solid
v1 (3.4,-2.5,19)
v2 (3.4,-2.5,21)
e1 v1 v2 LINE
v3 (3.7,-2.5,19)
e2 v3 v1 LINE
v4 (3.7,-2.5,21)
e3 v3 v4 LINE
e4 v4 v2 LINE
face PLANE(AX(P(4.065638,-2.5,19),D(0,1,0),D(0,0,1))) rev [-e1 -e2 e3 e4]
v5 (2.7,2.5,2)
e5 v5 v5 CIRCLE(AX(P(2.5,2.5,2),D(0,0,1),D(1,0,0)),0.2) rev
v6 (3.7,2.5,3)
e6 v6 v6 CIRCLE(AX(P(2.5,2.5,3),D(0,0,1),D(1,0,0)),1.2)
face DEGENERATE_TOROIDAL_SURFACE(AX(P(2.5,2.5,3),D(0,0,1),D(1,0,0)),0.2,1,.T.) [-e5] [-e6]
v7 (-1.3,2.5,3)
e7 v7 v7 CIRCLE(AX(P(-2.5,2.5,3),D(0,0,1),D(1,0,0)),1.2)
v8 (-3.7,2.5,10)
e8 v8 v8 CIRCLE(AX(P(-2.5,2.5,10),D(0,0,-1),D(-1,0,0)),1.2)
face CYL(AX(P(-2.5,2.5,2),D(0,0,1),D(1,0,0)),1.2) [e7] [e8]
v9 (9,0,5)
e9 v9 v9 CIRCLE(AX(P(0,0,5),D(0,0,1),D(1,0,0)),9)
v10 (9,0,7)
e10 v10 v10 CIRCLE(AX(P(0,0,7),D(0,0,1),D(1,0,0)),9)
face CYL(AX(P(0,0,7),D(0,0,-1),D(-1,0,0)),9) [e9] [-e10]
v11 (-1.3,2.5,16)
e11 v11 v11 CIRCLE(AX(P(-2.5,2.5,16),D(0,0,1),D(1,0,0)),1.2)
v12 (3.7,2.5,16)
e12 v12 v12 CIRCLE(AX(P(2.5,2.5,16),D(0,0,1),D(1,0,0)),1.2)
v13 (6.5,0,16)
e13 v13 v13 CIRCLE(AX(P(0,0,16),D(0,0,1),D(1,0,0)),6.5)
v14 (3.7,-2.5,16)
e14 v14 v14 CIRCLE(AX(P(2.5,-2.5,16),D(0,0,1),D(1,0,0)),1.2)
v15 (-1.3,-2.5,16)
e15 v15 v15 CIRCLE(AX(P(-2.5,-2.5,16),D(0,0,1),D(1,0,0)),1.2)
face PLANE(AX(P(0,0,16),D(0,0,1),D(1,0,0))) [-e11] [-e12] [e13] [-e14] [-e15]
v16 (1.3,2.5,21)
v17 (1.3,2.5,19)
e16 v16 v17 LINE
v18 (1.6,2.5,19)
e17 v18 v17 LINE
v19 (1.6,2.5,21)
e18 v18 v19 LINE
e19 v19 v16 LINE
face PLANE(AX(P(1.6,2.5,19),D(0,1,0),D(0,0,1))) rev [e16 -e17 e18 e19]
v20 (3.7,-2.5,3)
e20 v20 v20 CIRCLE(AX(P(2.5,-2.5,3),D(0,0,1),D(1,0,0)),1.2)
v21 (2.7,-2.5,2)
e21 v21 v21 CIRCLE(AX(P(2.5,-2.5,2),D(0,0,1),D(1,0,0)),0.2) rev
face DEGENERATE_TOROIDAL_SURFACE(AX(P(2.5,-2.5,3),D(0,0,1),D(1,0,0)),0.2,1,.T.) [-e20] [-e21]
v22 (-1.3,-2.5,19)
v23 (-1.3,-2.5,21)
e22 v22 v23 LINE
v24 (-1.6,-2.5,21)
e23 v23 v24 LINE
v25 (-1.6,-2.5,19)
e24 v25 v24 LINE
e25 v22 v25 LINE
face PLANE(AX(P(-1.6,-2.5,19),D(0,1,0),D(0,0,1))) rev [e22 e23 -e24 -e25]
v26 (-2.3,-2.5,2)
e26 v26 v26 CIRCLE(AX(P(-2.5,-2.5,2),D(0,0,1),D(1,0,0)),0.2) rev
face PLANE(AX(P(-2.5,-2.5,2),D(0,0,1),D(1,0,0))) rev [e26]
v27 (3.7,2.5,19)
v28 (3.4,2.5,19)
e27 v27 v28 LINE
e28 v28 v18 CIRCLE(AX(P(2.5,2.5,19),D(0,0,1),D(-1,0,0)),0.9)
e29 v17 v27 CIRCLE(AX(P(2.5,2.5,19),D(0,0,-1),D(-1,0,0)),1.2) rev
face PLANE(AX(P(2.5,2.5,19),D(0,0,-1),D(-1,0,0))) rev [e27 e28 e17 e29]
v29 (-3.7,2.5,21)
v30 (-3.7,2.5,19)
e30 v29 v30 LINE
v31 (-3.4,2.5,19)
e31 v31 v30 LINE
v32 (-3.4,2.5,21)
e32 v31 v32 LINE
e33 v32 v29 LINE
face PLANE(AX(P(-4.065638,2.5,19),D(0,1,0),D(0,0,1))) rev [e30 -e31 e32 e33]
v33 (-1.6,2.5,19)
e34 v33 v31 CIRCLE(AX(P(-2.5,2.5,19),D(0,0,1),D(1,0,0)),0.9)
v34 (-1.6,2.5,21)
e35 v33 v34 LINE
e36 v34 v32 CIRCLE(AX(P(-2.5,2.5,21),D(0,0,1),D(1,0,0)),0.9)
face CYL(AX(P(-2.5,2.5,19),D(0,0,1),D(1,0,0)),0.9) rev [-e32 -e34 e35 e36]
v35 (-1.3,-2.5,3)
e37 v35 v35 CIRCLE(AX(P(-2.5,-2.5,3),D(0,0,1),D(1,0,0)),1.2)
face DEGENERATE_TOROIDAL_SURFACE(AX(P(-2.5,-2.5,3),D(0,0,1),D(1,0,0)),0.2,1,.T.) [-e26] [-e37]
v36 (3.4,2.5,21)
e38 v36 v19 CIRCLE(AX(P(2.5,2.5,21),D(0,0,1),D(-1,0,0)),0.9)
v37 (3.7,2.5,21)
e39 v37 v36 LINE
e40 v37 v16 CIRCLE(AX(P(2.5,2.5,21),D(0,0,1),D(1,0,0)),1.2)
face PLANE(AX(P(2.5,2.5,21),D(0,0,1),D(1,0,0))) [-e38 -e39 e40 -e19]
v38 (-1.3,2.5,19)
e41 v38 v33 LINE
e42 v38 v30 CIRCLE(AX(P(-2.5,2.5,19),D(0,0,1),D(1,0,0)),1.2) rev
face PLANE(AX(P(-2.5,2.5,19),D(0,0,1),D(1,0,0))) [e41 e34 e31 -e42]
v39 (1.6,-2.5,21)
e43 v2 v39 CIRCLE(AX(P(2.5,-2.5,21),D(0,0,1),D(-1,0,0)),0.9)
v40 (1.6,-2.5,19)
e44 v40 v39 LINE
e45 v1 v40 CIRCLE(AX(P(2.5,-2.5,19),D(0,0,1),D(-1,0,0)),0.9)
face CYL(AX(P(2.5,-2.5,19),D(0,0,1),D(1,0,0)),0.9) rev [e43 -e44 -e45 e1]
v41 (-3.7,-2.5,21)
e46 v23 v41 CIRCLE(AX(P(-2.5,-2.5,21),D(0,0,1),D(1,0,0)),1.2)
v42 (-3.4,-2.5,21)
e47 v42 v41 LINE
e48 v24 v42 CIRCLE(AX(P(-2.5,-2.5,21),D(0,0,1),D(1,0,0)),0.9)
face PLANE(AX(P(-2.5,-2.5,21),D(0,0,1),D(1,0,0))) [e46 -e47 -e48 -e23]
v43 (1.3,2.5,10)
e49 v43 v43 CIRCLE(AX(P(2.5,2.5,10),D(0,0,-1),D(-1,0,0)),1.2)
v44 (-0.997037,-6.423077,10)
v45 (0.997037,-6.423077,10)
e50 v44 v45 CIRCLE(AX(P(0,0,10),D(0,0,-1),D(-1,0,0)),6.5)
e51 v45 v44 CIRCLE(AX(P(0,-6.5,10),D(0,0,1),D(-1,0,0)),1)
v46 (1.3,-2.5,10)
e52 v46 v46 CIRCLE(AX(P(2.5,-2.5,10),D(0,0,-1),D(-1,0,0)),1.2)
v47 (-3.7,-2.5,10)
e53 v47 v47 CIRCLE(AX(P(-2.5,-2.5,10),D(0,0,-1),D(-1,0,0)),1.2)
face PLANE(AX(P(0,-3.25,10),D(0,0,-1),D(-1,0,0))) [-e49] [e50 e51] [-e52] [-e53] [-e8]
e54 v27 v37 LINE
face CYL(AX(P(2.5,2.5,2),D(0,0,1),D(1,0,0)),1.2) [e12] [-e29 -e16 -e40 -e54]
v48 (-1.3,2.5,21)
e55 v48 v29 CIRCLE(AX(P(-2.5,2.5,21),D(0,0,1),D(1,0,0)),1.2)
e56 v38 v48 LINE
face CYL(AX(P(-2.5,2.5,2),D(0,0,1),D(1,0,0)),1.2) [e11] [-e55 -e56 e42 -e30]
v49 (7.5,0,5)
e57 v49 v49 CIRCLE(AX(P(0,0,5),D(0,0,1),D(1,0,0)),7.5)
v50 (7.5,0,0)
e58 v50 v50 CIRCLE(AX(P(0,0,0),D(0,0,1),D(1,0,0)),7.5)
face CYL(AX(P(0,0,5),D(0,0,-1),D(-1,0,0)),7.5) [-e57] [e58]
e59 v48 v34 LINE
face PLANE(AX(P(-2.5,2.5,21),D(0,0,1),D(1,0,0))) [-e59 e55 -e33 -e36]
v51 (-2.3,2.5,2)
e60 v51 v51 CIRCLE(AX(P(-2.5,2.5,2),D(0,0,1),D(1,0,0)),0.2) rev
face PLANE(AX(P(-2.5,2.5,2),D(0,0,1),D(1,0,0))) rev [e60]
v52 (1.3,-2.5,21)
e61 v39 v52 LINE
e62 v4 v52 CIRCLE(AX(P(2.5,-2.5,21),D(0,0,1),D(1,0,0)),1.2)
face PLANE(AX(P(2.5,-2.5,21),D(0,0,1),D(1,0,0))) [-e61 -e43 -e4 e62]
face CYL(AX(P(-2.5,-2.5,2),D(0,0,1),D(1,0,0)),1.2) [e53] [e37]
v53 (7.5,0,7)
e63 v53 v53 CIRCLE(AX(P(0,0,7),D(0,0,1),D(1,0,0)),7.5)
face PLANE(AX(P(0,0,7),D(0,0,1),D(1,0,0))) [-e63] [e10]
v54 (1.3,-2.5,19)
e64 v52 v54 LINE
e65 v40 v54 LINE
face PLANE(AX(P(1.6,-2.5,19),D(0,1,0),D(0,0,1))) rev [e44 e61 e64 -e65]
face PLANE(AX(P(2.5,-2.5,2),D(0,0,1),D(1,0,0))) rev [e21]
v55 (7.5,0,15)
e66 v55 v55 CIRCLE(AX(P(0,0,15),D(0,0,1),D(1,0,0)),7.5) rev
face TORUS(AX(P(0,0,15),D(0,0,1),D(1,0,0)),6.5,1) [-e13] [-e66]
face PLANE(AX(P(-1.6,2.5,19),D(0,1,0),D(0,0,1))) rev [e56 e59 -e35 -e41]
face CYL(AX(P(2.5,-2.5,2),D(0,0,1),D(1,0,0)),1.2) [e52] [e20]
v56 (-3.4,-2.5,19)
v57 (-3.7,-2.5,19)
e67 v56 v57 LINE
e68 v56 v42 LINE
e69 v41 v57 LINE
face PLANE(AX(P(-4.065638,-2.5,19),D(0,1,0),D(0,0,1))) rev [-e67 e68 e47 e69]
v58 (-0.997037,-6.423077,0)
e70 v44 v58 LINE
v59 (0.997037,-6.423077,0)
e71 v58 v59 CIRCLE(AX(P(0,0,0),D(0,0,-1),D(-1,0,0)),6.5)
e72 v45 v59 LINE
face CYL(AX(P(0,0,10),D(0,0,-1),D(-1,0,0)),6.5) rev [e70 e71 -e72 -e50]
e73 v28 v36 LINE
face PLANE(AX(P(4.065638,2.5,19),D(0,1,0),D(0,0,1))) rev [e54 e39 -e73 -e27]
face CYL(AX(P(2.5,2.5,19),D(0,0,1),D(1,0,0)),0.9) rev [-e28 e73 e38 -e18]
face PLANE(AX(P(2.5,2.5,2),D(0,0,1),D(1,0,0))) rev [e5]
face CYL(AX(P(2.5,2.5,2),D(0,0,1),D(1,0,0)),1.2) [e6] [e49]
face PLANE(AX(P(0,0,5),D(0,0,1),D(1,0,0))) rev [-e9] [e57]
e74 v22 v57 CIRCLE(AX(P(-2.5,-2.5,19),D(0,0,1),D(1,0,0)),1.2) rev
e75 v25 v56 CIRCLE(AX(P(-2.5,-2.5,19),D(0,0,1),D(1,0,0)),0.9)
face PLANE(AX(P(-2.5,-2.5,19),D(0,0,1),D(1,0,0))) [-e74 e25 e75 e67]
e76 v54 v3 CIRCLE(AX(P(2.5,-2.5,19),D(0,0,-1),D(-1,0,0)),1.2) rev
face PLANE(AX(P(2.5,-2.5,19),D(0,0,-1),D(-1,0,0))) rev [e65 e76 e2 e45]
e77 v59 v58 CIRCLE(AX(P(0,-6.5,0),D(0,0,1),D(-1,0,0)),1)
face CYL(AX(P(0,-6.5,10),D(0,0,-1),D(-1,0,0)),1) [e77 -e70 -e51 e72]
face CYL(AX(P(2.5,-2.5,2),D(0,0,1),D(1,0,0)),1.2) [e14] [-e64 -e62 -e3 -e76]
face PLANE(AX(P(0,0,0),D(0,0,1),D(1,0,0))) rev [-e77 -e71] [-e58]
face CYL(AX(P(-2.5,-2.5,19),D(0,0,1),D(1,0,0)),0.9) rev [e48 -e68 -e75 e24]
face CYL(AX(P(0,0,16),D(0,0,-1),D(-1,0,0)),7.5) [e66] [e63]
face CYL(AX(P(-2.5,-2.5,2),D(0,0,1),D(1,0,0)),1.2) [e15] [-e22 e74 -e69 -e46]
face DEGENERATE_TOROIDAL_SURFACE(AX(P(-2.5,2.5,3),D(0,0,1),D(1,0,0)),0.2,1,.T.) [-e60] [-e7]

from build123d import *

# Parameters (mm, degrees)
SKETCH_1_R           = 7.5
EXTRUDE_1_DEPTH      = 5
SKETCH_2_R           = 9
EXTRUDE_2_DEPTH      = 2
SKETCH_3_R           = 7.5
EXTRUDE_3_DEPTH      = 9
CUT_EXTRUDE_1_DEPTH  = 10
EXTRUDE_4_DEPTH      = 5
EXTRUDE_4_DEPTH_BACK = 14
SKETCH_4_R           = 1.2
CUT_EXTRUDE_2_DEPTH  = 2
FILLET_1_R           = 1
FILLET_2_R           = 1


with BuildPart() as part:
    # Эскиз1 → Бобышка-Вытянуть1 (new body)
    with BuildSketch(Plane.XY):
        Circle(SKETCH_1_R)
    extrude(amount=EXTRUDE_1_DEPTH)

    # Эскиз2 → Бобышка-Вытянуть2 (add)
    with BuildSketch(Plane.XY.offset(5)):
        Circle(SKETCH_2_R)
    extrude(amount=EXTRUDE_2_DEPTH)

    # Эскиз3 → Бобышка-Вытянуть3 (add)
    with BuildSketch(Plane.XY.offset(7)):
        Circle(SKETCH_3_R)
    extrude(amount=EXTRUDE_3_DEPTH)

    # Эскиз5 → Вырез-Вытянуть1 (cut)
    with BuildSketch(Plane(origin=(0, 0, 0), x_dir=(-1, 0, 0), z_dir=(0, 0, -1))):
        with BuildLine():
            ThreePointArc((0.997037031, -6.423076923), (0, 6.5), (-0.997037031, -6.423076923))
            ThreePointArc((-0.997037031, -6.423076923), (0, -5.5), (0.997037031, -6.423076923))
        make_face()
    extrude(amount=-CUT_EXTRUDE_1_DEPTH, mode=Mode.SUBTRACT)

    # Эскиз4 → Бобышка-Вытянуть4 (add, two sides: drawn at the far end of the back side and taken through both)
    with BuildSketch(Plane.XY.offset(16).offset(-EXTRUDE_4_DEPTH_BACK)):
        with Locations((-2.5, 2.5)):
            Circle(SKETCH_4_R)
        with Locations((-2.5, -2.5)):
            Circle(SKETCH_4_R)
        with Locations((2.5, -2.5)):
            Circle(SKETCH_4_R)
        with Locations((2.5, 2.5)):
            Circle(SKETCH_4_R)
    extrude(amount=EXTRUDE_4_DEPTH + EXTRUDE_4_DEPTH_BACK)

    # Эскиз6 → Вырез-Вытянуть2 (cut)
    with BuildSketch(Plane.XY.offset(21)):
        with BuildLine():
            Line((-4.065638272, 2.5), (-3.4, 2.5))
            ThreePointArc((-3.4, 2.5), (-2.5, 3.4), (-1.6, 2.5))
            Line((-1.6, 2.5), (-1.02269763, 2.5))
            Line((-1.02269763, 2.5), (-1.813265542, 1.11023828))
            Line((-1.813265542, 1.11023828), (-3.304903111, 1.11023828))
            Line((-3.304903111, 1.11023828), (-4.065638272, 2.5))
        make_face()
        with BuildLine():
            Line((1.6, 2.5), (1.02269763, 2.5))
            Line((1.02269763, 2.5), (1.813265542, 1.11023828))
            Line((1.813265542, 1.11023828), (3.304903111, 1.11023828))
            Line((3.304903111, 1.11023828), (4.065638272, 2.5))
            Line((4.065638272, 2.5), (3.4, 2.5))
            ThreePointArc((3.4, 2.5), (2.5, 3.4), (1.6, 2.5))
        make_face()
        with BuildLine():
            Line((4.065638272, -2.5), (3.4, -2.5))
            ThreePointArc((3.4, -2.5), (2.5, -1.6), (1.6, -2.5))
            Line((1.6, -2.5), (1.02269763, -2.5))
            Line((1.02269763, -2.5), (1.813265542, -3.88976172))
            Line((1.813265542, -3.88976172), (3.304903111, -3.88976172))
            Line((3.304903111, -3.88976172), (4.065638272, -2.5))
        make_face()
        with BuildLine():
            Line((-1.02269763, -2.5), (-1.813265542, -3.88976172))
            Line((-1.813265542, -3.88976172), (-3.304903111, -3.88976172))
            Line((-3.304903111, -3.88976172), (-4.065638272, -2.5))
            Line((-4.065638272, -2.5), (-3.4, -2.5))
            ThreePointArc((-3.4, -2.5), (-2.5, -1.6), (-1.6, -2.5))
            Line((-1.6, -2.5), (-1.02269763, -2.5))
        make_face()
    extrude(amount=-CUT_EXTRUDE_2_DEPTH, mode=Mode.SUBTRACT)

    # Скругление1
    fillet_1_edges = [part.edges().sort_by_distance(p)[0] for p in [
        (1.3, -2.5, 2),
        (-3.7, -2.5, 2),
        (-3.7, 2.5, 2),
        (1.3, 2.5, 2),
    ]]
    fillet(fillet_1_edges, radius=FILLET_1_R)

    # Скругление2
    fillet_2_edges = [part.edges().sort_by_distance(p)[0] for p in [
        (-7.5, 0, 16),
    ]]
    fillet(fillet_2_edges, radius=FILLET_2_R)


solid = part.part
